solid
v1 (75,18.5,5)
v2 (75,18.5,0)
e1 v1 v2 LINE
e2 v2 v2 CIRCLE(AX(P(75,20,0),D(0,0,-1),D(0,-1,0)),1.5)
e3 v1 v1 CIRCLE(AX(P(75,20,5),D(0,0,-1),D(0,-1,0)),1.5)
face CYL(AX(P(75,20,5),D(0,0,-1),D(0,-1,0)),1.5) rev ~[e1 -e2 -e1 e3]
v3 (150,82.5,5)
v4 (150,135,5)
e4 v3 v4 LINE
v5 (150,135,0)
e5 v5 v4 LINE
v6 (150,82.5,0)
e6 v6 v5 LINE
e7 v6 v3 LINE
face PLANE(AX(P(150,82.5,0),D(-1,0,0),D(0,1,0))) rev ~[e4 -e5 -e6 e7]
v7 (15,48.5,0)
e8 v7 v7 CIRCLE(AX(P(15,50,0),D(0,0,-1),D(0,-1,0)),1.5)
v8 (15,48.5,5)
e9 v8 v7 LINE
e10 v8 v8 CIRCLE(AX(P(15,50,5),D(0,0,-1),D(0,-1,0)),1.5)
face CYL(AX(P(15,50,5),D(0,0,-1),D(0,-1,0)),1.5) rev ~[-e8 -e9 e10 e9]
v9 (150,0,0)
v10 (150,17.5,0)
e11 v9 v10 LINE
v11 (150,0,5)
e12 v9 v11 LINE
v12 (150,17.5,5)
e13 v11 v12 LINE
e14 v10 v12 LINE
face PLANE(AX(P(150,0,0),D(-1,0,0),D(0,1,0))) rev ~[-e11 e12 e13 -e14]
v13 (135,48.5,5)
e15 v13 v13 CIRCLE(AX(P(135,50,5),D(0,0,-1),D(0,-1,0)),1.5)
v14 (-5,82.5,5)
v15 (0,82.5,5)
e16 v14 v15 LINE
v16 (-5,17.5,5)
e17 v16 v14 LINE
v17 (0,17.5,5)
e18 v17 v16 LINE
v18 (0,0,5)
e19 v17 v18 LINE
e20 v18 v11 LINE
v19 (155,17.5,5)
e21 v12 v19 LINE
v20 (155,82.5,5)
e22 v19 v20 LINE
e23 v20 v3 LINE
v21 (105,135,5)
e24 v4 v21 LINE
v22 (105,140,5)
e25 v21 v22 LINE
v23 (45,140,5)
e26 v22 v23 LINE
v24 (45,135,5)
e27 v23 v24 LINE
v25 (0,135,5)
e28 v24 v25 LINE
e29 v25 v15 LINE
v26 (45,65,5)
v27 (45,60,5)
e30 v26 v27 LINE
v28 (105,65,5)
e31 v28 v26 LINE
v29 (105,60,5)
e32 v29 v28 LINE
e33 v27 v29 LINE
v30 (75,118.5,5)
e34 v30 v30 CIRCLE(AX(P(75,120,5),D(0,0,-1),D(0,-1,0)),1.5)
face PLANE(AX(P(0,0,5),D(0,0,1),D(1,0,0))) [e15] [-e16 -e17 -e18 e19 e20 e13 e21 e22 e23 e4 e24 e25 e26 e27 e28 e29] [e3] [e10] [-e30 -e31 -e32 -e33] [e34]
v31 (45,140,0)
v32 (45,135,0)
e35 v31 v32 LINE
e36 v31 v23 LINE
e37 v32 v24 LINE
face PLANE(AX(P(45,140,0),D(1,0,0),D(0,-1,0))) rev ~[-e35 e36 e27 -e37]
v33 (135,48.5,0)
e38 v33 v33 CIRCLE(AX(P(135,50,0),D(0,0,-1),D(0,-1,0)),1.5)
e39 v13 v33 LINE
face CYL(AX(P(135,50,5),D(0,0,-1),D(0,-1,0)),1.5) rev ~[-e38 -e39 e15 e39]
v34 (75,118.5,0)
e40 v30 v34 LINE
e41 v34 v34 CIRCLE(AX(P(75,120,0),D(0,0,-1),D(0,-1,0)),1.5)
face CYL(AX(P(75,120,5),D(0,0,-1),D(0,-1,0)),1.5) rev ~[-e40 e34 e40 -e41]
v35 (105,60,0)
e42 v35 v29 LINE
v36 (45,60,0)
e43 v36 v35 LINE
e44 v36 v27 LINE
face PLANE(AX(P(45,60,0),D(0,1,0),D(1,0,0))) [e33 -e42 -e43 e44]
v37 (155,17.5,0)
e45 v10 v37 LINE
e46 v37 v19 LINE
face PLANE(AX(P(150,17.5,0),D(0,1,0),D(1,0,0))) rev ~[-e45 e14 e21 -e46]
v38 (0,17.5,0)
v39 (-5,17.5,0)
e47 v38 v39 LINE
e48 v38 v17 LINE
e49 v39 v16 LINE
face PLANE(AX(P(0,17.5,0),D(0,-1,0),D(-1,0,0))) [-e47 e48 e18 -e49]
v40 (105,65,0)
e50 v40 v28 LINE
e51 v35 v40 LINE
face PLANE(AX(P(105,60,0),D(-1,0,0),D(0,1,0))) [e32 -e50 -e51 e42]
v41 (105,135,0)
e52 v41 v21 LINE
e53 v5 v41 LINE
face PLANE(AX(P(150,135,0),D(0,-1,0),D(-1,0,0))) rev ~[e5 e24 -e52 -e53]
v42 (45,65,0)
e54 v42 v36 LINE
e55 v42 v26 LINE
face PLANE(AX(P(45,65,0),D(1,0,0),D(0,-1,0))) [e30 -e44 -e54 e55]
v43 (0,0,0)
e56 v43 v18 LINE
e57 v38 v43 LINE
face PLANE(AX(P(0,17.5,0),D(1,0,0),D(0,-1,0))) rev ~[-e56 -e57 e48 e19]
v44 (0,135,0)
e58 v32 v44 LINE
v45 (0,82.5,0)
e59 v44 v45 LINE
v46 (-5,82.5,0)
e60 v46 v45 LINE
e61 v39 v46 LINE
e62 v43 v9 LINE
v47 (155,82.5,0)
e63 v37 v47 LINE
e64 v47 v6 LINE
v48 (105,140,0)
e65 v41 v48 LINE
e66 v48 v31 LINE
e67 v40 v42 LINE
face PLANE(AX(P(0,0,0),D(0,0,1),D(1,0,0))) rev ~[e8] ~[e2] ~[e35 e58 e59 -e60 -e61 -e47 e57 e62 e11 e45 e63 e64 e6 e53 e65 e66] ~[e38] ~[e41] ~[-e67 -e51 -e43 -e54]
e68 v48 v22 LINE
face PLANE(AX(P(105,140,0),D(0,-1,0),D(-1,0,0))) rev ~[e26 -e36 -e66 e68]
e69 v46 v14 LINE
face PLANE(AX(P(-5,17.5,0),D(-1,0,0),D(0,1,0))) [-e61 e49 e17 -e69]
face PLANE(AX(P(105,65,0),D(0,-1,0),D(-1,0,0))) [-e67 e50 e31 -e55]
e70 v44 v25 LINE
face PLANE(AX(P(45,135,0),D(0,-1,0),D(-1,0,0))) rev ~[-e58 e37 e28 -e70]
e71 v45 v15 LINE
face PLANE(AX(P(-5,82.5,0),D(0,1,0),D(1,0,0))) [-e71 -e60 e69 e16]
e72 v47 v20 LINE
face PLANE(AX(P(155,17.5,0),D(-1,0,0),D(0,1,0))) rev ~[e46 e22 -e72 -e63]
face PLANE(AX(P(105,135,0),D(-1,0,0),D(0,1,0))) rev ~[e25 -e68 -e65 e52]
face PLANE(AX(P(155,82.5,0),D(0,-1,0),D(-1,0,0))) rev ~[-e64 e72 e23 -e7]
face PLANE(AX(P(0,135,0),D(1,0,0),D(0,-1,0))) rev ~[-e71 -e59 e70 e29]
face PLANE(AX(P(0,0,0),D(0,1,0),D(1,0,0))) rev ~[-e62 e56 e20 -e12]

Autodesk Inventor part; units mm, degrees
ref_plane "YZ Plane" through (0, 0, 0) normal (1, 0, 0) x (0, 1, 0)
ref_plane "XZ Plane" through (0, 0, 0) normal (0, 1, 0) x (-1, 0, 0)
ref_plane "XY Plane" through (0, 0, 0) normal (0, 0, 1) x (1, 0, 0)
sketch "Sketch1" plane through (0, 0, 0) normal (0, 0, 1) x (1, 0, 0)
  line L0 (0, 0) -> (150, 0)
  line L1 (150, 0) -> (150, 135)
  line L2 (150, 135) -> (0, 135)
  line L3 (0, 135) -> (0, 0)
  line L4 (0, 17.5) -> (-5, 17.5)
  line L5 (-5, 17.5) -> (-5, 82.5)
  line L6 (-5, 82.5) -> (0, 82.5)
  line L7 (0, 82.5) -> (0, 17.5)
  line L8 (75, 0) -> (75, 135) construction
  line L9 (150, 17.5) -> (155, 17.5)
  line L10 (155, 17.5) -> (155, 82.5)
  line L11 (155, 82.5) -> (150, 82.5)
  line L12 (150, 82.5) -> (150, 17.5)
  line L13 (45, 60) -> (105, 60)
  line L14 (105, 60) -> (105, 65)
  line L15 (105, 65) -> (45, 65)
  line L16 (45, 65) -> (45, 60)
  line L17 (0, 50) -> (150, 50) construction
  line L18 (45, 135) -> (105, 135)
  line L19 (105, 135) -> (105, 140)
  line L20 (105, 140) -> (45, 140)
  line L21 (45, 140) -> (45, 135)
  point P0 (150, 17.5)
  point P1 (150, 82.5)
  point P2 (0, 82.5)
  point P3 (10, 0)
  point P4 (45, 62.5)
  dimension "d0" = 150
  dimension "d1" = 135
  dimension "d2" = 5
  dimension "d3" = 65
  dimension "d6" = 60
  dimension "d7" = 5
  dimension "d14" = 30
  dimension "d30" = 60
  dimension "d31" = 5
  dimension "d32" = 45
  dimension "d58" = 52.5
  dimension "d59" = 60
extrude "Extrusion1" add sketch "Sketch1" along normal blind 5
sketch "Sketch2" plane through (0, 0, 5) normal (0, 0, 1) x (1, 0, 0)
  line L0 (150, 135) -> (0, 135) projected
  line L1 (0, 0) -> (150, 0) projected
  line L2 (0, 135) -> (0, 82.5) projected
  line L3 (0, 17.5) -> (0, 0) projected
  point P0 (75, 20)
  dimension "d24" = 20
  dimension "d29" = 75
hole "Hole1" at (75, 20, 5) direction (0, 0, -1) diameter 3 end through all
sketch "Sketch3" plane through (0, 0, 5) normal (0, 0, 1) x (1, 0, 0)
  line L0 (105, 140) -> (45, 140) projected
  line L1 (45, 140) -> (45, 135) projected
  line L2 (0, 135) -> (0, 82.5) projected
  point P0 (0, 0)
  point P1 (75, 120)
  dimension "d40" = 20
  dimension "d45" = 75
hole "Hole2" at (75, 120, 5) direction (0, 0, -1) diameter 3 end through all
sketch "Sketch4" plane through (0, 0, 5) normal (0, 0, 1) x (1, 0, 0)
  line L0 (-5, 82.5) -> (-5, 17.5) projected
  line L1 (0, 82.5) -> (-5, 82.5) projected
  line L2 (155, 82.5) -> (150, 82.5) projected
  line L3 (155, 17.5) -> (155, 82.5) projected
  point P0 (0, 0)
  point P1 (135, 50)
  point P2 (15, 50)
  point P3 (-5, 50)
  point P4 (-2.5, 82.5)
  dimension "d54" = 20
  dimension "d55" = 32.5
  dimension "d56" = 32.5
  dimension "d57" = 20
hole "Hole3" at (135, 50, 5) at (15, 50, 5) direction (0, 0, -1) diameter 3 end through all
properties part number "back" material "ABS Plastic"
